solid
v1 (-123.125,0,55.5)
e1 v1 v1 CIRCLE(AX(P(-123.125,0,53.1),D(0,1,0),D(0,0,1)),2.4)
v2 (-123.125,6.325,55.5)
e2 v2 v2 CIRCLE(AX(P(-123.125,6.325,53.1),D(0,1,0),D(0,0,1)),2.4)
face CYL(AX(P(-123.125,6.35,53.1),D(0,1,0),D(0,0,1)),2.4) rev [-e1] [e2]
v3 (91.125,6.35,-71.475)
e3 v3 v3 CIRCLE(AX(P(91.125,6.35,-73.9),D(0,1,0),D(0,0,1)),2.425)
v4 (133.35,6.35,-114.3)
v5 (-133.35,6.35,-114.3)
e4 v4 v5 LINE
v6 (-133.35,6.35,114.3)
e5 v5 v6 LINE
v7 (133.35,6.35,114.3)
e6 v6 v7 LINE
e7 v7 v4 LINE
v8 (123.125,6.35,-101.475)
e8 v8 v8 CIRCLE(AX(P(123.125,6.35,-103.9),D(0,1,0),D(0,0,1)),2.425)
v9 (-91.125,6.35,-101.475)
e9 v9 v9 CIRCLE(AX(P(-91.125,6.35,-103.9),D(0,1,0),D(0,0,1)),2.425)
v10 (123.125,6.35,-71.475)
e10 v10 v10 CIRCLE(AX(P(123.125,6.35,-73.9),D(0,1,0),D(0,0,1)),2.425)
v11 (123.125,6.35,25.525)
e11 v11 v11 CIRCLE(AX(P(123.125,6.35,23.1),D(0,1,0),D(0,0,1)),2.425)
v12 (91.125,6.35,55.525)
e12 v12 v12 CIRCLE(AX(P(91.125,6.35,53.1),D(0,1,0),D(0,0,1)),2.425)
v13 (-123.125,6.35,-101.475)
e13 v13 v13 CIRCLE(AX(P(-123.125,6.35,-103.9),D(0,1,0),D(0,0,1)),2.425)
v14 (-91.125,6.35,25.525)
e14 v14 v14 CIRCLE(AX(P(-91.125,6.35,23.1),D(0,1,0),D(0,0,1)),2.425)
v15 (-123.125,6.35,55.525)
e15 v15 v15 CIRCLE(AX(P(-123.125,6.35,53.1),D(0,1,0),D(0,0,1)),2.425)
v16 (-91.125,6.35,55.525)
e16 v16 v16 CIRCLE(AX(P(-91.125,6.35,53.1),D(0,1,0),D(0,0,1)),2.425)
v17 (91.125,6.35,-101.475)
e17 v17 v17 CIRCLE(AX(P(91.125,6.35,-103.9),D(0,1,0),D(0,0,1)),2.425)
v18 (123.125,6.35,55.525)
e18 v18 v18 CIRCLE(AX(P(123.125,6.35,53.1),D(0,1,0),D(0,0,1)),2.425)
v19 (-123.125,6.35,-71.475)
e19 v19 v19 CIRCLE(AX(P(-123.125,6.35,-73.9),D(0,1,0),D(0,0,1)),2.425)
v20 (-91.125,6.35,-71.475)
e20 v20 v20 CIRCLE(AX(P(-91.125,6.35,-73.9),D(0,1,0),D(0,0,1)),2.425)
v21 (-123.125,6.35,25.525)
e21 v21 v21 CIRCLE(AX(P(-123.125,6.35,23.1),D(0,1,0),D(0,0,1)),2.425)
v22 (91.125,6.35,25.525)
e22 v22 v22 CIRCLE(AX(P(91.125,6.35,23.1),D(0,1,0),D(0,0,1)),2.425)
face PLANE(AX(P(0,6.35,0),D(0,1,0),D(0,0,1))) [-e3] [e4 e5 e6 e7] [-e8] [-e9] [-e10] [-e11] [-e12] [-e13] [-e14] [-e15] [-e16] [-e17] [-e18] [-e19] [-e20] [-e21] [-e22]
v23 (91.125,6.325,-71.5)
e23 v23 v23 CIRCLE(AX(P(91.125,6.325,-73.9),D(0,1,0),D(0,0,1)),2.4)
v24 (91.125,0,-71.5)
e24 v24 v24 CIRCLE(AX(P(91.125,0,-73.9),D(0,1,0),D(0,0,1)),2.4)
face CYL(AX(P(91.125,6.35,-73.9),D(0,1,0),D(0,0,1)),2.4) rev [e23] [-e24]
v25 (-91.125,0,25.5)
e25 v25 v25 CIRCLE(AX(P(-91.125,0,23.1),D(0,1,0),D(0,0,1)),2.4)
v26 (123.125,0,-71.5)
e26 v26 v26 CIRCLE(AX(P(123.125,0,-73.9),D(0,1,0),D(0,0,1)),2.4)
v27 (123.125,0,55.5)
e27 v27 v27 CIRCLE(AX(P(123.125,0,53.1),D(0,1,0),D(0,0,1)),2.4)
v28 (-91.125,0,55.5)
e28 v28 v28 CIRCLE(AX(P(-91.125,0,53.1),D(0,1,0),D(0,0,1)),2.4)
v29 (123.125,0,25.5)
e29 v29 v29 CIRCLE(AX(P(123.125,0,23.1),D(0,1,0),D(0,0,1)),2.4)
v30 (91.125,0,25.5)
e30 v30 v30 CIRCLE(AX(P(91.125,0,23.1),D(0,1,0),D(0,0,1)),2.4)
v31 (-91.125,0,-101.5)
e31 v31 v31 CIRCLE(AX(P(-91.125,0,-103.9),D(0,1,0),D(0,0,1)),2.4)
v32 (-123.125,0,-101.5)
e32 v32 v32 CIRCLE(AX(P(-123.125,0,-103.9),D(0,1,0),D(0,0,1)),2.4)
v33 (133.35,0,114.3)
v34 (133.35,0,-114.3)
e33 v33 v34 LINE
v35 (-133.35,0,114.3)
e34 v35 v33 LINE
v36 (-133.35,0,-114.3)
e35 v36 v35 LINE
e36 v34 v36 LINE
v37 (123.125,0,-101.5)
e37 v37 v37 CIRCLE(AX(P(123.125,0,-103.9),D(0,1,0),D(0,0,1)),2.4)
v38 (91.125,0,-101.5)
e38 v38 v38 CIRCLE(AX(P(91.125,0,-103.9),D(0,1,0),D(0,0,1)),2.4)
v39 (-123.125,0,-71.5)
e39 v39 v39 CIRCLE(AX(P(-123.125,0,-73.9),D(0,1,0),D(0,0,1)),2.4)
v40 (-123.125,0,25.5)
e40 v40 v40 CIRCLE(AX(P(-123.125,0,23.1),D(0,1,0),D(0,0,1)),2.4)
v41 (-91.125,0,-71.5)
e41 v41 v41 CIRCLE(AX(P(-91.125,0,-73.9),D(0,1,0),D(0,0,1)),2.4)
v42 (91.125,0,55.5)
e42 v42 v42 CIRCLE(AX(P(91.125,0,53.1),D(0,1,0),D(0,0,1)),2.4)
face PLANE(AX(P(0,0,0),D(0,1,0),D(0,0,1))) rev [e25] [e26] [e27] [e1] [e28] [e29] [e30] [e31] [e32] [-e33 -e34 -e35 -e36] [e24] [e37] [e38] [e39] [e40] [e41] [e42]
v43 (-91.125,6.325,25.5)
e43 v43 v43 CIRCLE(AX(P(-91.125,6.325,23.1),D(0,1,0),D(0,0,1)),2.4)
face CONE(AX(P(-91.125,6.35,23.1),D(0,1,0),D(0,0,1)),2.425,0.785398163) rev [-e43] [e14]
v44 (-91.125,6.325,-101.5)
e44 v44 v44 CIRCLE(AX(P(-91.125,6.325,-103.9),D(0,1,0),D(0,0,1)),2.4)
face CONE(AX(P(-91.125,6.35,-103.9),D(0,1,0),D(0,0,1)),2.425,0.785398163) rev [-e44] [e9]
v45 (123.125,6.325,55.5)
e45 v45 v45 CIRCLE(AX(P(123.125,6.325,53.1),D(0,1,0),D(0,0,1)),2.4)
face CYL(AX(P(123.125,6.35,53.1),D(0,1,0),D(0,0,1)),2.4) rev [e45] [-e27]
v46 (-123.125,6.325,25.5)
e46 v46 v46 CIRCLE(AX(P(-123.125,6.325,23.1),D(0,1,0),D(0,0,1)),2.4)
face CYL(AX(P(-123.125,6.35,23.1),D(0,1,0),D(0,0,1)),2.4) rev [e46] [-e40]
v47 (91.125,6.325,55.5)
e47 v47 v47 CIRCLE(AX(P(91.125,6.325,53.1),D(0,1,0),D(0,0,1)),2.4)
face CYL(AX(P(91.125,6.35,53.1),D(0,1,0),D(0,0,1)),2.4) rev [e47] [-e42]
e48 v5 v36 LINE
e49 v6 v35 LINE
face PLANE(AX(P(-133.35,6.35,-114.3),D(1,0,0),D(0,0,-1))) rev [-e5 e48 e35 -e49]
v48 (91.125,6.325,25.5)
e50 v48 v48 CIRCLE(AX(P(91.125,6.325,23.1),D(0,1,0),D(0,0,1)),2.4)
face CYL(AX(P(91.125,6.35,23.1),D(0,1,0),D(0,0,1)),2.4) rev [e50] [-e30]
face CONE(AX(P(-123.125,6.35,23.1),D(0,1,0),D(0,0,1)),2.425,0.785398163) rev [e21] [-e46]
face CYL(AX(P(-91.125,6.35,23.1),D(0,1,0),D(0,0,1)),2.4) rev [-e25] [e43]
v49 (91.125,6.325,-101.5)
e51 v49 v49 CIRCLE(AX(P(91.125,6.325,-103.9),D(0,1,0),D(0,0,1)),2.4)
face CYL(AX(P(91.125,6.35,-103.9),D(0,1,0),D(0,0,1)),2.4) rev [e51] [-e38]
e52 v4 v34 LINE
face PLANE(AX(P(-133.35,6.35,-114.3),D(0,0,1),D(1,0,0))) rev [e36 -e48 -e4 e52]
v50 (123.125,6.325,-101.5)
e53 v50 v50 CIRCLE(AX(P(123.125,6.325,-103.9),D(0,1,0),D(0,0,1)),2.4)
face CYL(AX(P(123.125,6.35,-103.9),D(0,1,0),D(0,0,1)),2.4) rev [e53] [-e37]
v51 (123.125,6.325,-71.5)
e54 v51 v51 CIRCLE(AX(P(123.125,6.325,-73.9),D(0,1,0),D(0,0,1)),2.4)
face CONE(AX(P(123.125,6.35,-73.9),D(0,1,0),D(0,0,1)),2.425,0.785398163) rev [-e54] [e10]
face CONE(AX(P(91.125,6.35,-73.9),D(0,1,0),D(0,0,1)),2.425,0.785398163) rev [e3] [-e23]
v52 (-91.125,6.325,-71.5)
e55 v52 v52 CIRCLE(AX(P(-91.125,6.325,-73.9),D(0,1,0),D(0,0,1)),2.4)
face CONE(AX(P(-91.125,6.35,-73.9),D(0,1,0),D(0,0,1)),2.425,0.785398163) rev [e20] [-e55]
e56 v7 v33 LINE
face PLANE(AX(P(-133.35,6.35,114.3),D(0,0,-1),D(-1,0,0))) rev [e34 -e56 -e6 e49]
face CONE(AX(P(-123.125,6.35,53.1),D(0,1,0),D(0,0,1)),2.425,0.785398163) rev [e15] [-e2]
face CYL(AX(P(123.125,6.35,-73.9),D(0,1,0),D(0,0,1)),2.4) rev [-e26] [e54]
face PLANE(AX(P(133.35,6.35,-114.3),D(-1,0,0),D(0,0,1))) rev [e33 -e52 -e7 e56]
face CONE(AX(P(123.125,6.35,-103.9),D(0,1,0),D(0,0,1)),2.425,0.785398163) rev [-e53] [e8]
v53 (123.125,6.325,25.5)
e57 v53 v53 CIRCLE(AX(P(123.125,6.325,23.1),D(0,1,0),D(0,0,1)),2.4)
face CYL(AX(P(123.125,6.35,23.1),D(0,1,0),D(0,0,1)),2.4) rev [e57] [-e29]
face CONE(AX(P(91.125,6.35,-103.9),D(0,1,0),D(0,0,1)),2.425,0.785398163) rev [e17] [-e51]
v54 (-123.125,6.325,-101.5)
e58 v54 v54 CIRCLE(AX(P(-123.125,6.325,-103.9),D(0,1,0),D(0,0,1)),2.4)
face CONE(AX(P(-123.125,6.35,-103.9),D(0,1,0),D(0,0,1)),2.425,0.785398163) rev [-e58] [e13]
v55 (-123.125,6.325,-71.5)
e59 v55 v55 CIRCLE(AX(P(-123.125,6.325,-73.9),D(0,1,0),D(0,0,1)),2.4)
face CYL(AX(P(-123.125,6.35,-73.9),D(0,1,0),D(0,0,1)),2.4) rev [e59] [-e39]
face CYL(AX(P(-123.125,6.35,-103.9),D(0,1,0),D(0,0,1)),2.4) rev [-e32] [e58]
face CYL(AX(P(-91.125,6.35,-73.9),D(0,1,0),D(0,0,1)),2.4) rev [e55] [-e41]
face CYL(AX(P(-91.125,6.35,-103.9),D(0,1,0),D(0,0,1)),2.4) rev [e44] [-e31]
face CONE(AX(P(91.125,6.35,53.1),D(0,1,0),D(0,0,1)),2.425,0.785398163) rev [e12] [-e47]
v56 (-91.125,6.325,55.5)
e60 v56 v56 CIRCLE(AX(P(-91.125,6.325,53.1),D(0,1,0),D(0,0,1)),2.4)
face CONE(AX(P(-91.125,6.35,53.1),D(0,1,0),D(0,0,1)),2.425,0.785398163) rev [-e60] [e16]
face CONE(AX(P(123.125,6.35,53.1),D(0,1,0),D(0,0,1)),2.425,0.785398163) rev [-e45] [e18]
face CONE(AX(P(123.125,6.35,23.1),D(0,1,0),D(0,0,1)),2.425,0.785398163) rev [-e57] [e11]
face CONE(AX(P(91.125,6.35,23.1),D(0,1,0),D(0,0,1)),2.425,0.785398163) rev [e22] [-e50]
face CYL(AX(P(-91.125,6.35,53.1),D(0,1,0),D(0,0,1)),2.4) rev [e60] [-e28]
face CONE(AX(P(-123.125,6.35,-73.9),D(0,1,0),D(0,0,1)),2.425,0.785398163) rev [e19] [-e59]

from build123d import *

# Parameters (mm, degrees)
SKETCH1_W                      = 266.7
SKETCH1_H                      = 228.6
BOSS_EXTRUDE1_DEPTH            = 6.35
M4_CLEARANCE_HOLE1_D           = 4.8
M4_CLEARANCE_HOLE1_DEPTH       = 6.35
M4_CLEARANCE_HOLE1_CSINK_D     = 4.85
M4_CLEARANCE_HOLE1_CSINK_ANGLE = 90


with BuildPart() as part:
    # Sketch1 → Boss-Extrude1 (new body)
    with BuildSketch(Plane(origin=(0, 0, 0), x_dir=(1, 0, 0), z_dir=(0, 1, 0))):
        Rectangle(SKETCH1_W, SKETCH1_H)
    extrude(amount=BOSS_EXTRUDE1_DEPTH)

    # M4 Clearance Hole1
    with Locations(Plane(origin=(0, 6.35, 0), x_dir=(1, 0, 0), z_dir=(0, 1, 0))):
        with Locations((123.125, 103.9), (91.125, 103.9), (91.125, 73.9), (123.125, -53.1), (123.125, -23.1), (123.125, 73.9), (-123.125, 103.9), (-91.125, 103.9), (-91.125, 73.9), (91.125, -53.1), (-123.125, -53.1), (-91.125, -53.1), (-91.125, -23.1), (-123.125, -23.1), (-123.125, 73.9), (91.125, -23.1)):
            CounterSinkHole(M4_CLEARANCE_HOLE1_D / 2, M4_CLEARANCE_HOLE1_CSINK_D / 2, depth=M4_CLEARANCE_HOLE1_DEPTH, counter_sink_angle=M4_CLEARANCE_HOLE1_CSINK_ANGLE)


solid = part.part
